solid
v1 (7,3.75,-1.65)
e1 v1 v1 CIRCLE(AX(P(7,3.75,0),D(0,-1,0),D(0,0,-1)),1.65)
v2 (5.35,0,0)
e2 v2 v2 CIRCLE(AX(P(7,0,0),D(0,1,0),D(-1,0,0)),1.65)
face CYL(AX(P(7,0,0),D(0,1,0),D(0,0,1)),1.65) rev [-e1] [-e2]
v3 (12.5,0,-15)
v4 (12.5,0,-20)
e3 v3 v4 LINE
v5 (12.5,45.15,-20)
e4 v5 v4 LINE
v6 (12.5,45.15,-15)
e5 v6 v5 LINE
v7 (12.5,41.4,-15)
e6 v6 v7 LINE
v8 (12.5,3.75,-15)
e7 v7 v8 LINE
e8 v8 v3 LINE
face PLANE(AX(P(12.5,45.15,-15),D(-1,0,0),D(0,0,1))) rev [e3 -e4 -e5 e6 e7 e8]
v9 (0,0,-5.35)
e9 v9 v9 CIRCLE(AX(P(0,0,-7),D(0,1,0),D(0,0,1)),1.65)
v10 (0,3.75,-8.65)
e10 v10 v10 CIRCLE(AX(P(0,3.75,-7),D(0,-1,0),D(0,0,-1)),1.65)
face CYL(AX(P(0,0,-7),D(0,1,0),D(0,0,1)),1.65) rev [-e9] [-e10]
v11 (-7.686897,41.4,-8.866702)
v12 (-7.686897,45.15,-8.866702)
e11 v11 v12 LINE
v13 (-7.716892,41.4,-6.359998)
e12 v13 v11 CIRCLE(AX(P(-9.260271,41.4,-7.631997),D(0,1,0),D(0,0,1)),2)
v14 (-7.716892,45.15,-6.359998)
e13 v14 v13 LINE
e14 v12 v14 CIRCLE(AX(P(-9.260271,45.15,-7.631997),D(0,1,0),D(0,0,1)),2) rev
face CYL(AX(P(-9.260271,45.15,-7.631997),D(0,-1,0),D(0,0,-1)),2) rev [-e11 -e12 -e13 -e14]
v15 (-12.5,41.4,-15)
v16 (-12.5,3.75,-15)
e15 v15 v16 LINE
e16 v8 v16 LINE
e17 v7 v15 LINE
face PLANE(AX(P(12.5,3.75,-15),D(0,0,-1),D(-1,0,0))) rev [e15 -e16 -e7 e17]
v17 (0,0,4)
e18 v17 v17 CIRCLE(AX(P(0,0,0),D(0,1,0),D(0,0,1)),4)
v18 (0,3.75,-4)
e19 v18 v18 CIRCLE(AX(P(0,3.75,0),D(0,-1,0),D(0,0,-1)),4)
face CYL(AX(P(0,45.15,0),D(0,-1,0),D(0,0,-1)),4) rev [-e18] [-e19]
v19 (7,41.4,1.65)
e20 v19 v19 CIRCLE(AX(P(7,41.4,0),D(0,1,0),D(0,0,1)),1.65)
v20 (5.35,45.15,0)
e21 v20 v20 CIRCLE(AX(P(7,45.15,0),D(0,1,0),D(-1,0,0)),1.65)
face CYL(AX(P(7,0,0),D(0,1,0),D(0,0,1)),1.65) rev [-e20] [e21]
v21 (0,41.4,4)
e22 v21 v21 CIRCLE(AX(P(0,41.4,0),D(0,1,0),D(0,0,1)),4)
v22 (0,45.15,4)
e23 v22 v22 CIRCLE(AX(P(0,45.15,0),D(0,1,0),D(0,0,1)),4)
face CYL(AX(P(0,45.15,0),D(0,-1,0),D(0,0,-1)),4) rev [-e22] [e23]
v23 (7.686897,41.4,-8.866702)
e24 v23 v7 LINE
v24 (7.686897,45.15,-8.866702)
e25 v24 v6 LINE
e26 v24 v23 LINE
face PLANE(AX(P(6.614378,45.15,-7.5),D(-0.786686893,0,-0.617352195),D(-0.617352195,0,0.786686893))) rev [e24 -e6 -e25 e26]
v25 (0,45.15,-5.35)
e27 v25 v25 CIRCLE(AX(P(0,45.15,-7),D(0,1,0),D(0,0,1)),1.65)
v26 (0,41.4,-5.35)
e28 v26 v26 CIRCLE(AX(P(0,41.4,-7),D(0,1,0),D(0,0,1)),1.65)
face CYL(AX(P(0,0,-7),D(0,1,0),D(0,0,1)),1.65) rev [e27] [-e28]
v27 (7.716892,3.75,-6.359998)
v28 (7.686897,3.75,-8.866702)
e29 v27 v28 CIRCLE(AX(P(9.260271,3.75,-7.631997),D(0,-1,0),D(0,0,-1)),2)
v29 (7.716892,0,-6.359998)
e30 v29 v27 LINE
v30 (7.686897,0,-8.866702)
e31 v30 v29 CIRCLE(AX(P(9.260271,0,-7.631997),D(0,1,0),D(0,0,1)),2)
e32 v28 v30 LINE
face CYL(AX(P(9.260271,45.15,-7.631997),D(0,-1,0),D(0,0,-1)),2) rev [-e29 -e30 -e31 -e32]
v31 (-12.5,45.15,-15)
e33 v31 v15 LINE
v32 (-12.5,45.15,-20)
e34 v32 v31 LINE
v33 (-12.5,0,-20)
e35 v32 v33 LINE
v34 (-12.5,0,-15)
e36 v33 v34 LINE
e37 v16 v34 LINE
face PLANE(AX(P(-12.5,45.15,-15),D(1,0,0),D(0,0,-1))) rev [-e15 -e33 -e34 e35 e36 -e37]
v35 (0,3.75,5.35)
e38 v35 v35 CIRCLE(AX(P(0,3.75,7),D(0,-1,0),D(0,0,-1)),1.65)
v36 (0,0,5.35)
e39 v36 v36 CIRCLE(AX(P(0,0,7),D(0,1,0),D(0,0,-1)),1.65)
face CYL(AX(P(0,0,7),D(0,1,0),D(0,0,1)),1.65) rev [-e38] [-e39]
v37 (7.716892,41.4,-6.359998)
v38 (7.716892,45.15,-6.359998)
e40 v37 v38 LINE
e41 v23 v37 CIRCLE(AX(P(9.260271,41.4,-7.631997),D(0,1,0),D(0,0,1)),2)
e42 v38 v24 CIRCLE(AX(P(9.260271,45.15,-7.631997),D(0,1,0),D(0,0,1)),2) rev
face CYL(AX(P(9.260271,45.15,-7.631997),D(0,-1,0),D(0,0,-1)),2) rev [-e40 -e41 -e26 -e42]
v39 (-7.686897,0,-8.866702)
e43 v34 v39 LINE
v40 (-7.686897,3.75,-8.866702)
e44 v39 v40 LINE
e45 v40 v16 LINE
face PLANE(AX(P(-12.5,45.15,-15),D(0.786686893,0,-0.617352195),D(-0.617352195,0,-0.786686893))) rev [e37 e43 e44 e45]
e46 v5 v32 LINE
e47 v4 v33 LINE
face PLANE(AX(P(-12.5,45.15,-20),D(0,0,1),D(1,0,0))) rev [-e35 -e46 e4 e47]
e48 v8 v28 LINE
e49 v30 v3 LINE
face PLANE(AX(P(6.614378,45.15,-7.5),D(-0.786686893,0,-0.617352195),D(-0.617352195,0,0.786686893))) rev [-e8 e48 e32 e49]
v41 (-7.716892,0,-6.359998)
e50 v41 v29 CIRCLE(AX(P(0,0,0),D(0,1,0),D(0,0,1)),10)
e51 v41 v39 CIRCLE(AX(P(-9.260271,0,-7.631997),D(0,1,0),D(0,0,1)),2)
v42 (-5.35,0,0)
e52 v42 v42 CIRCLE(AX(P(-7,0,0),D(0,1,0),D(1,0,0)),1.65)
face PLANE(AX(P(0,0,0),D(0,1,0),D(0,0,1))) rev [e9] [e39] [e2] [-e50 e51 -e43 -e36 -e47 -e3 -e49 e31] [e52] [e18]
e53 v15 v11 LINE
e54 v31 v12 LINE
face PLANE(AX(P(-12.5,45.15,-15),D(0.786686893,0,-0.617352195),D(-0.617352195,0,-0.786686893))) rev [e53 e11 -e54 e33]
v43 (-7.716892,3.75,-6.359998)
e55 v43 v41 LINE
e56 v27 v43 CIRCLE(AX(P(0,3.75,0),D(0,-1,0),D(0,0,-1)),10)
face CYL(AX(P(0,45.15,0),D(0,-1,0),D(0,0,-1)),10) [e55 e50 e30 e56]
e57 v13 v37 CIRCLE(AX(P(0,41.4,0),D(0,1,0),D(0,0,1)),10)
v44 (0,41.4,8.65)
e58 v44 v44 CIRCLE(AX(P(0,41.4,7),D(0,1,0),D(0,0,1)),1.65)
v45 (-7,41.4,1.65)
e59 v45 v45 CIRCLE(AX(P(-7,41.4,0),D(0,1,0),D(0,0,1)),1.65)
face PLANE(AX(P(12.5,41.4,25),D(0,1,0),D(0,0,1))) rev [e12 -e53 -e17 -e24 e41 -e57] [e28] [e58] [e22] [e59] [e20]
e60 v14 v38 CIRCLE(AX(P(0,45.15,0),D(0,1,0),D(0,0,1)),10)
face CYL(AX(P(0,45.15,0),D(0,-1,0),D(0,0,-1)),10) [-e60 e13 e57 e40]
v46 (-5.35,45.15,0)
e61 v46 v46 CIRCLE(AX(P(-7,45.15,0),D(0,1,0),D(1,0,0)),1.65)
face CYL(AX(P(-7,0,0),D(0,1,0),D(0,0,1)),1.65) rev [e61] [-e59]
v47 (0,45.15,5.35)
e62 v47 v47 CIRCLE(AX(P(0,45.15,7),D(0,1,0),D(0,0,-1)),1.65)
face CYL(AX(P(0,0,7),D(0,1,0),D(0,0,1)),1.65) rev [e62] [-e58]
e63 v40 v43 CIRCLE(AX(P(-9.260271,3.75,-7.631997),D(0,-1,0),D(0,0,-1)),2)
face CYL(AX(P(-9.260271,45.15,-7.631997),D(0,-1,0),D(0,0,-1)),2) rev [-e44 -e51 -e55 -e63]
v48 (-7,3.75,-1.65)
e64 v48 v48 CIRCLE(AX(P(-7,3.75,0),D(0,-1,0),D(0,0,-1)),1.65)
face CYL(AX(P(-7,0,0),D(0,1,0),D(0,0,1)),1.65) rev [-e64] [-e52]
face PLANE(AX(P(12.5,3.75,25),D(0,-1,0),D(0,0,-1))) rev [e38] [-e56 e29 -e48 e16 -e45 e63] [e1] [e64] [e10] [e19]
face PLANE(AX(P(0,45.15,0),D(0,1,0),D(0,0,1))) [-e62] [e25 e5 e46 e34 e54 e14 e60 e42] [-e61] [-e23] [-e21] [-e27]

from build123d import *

# Parameters (mm, degrees)
SKETCH1_R           = 4
BOSS_EXTRUDE1_DEPTH = 45.15
SKETCH2_W           = 40
SKETCH2_H           = 37.65
CUT_EXTRUDE1_DEPTH  = 56.34909665
SKETCH3_R           = 1.65
CUT_EXTRUDE2_DEPTH  = 51.93890949
CIRPATTERN1_COUNT   = 4
FILLET1_R           = 2


with BuildPart() as part:
    # Sketch1 → Boss-Extrude1 (new body)
    with BuildSketch(Plane(origin=(0, 0, 0), x_dir=(1, 0, 0), z_dir=(0, 1, 0))):
        with BuildLine():
            Line((-12.5, 15), (-12.5, 20))
            Line((-12.5, 20), (12.5, 20))
            Line((12.5, 20), (12.5, 15))
            Line((12.5, 15), (6.614378278, 7.5))
            ThreePointArc((6.614378278, 7.5), (0, -10), (-6.614378278, 7.5))
            Line((-6.614378278, 7.5), (-12.5, 15))
        make_face()
        Circle(SKETCH1_R, mode=Mode.SUBTRACT)
    extrude(amount=BOSS_EXTRUDE1_DEPTH)

    # Sketch2 → Cut-Extrude1 (cut, through all)
    with BuildSketch(Plane.ZY.offset(12.5)):
        with Locations((5, 22.575)):
            Rectangle(SKETCH2_W, SKETCH2_H)
    extrude(amount=-CUT_EXTRUDE1_DEPTH, mode=Mode.SUBTRACT)

    # Sketch3 → Cut-Extrude2 (cut, through all)
    with BuildSketch(Plane(origin=(0, 45.15, 0), x_dir=(1, 0, 0), z_dir=(0, 1, 0))):
        with Locations((0, 7)):
            Circle(SKETCH3_R)
    cut_extrude2 = extrude(amount=-CUT_EXTRUDE2_DEPTH, mode=Mode.SUBTRACT)

    # CirPattern1: Cut-Extrude2 ×4 about axis
    cirpattern1_axis = Axis((0, 45.15, 0), (0, -1, 0))
    for i in range(1, CIRPATTERN1_COUNT):
        add(cut_extrude2.rotate(cirpattern1_axis, i * 360 / CIRPATTERN1_COUNT), mode=Mode.SUBTRACT)

    # Fillet1
    fillet1_edges = [part.edges().sort_by_distance(p)[0] for p in [
        (6.614378278, 43.275, -7.5),
        (6.614378278, 1.875, -7.5),
        (-6.614378278, 43.275, -7.5),
        (-6.614378278, 1.875, -7.5),
    ]]
    fillet(fillet1_edges, radius=FILLET1_R)


solid = part.part
